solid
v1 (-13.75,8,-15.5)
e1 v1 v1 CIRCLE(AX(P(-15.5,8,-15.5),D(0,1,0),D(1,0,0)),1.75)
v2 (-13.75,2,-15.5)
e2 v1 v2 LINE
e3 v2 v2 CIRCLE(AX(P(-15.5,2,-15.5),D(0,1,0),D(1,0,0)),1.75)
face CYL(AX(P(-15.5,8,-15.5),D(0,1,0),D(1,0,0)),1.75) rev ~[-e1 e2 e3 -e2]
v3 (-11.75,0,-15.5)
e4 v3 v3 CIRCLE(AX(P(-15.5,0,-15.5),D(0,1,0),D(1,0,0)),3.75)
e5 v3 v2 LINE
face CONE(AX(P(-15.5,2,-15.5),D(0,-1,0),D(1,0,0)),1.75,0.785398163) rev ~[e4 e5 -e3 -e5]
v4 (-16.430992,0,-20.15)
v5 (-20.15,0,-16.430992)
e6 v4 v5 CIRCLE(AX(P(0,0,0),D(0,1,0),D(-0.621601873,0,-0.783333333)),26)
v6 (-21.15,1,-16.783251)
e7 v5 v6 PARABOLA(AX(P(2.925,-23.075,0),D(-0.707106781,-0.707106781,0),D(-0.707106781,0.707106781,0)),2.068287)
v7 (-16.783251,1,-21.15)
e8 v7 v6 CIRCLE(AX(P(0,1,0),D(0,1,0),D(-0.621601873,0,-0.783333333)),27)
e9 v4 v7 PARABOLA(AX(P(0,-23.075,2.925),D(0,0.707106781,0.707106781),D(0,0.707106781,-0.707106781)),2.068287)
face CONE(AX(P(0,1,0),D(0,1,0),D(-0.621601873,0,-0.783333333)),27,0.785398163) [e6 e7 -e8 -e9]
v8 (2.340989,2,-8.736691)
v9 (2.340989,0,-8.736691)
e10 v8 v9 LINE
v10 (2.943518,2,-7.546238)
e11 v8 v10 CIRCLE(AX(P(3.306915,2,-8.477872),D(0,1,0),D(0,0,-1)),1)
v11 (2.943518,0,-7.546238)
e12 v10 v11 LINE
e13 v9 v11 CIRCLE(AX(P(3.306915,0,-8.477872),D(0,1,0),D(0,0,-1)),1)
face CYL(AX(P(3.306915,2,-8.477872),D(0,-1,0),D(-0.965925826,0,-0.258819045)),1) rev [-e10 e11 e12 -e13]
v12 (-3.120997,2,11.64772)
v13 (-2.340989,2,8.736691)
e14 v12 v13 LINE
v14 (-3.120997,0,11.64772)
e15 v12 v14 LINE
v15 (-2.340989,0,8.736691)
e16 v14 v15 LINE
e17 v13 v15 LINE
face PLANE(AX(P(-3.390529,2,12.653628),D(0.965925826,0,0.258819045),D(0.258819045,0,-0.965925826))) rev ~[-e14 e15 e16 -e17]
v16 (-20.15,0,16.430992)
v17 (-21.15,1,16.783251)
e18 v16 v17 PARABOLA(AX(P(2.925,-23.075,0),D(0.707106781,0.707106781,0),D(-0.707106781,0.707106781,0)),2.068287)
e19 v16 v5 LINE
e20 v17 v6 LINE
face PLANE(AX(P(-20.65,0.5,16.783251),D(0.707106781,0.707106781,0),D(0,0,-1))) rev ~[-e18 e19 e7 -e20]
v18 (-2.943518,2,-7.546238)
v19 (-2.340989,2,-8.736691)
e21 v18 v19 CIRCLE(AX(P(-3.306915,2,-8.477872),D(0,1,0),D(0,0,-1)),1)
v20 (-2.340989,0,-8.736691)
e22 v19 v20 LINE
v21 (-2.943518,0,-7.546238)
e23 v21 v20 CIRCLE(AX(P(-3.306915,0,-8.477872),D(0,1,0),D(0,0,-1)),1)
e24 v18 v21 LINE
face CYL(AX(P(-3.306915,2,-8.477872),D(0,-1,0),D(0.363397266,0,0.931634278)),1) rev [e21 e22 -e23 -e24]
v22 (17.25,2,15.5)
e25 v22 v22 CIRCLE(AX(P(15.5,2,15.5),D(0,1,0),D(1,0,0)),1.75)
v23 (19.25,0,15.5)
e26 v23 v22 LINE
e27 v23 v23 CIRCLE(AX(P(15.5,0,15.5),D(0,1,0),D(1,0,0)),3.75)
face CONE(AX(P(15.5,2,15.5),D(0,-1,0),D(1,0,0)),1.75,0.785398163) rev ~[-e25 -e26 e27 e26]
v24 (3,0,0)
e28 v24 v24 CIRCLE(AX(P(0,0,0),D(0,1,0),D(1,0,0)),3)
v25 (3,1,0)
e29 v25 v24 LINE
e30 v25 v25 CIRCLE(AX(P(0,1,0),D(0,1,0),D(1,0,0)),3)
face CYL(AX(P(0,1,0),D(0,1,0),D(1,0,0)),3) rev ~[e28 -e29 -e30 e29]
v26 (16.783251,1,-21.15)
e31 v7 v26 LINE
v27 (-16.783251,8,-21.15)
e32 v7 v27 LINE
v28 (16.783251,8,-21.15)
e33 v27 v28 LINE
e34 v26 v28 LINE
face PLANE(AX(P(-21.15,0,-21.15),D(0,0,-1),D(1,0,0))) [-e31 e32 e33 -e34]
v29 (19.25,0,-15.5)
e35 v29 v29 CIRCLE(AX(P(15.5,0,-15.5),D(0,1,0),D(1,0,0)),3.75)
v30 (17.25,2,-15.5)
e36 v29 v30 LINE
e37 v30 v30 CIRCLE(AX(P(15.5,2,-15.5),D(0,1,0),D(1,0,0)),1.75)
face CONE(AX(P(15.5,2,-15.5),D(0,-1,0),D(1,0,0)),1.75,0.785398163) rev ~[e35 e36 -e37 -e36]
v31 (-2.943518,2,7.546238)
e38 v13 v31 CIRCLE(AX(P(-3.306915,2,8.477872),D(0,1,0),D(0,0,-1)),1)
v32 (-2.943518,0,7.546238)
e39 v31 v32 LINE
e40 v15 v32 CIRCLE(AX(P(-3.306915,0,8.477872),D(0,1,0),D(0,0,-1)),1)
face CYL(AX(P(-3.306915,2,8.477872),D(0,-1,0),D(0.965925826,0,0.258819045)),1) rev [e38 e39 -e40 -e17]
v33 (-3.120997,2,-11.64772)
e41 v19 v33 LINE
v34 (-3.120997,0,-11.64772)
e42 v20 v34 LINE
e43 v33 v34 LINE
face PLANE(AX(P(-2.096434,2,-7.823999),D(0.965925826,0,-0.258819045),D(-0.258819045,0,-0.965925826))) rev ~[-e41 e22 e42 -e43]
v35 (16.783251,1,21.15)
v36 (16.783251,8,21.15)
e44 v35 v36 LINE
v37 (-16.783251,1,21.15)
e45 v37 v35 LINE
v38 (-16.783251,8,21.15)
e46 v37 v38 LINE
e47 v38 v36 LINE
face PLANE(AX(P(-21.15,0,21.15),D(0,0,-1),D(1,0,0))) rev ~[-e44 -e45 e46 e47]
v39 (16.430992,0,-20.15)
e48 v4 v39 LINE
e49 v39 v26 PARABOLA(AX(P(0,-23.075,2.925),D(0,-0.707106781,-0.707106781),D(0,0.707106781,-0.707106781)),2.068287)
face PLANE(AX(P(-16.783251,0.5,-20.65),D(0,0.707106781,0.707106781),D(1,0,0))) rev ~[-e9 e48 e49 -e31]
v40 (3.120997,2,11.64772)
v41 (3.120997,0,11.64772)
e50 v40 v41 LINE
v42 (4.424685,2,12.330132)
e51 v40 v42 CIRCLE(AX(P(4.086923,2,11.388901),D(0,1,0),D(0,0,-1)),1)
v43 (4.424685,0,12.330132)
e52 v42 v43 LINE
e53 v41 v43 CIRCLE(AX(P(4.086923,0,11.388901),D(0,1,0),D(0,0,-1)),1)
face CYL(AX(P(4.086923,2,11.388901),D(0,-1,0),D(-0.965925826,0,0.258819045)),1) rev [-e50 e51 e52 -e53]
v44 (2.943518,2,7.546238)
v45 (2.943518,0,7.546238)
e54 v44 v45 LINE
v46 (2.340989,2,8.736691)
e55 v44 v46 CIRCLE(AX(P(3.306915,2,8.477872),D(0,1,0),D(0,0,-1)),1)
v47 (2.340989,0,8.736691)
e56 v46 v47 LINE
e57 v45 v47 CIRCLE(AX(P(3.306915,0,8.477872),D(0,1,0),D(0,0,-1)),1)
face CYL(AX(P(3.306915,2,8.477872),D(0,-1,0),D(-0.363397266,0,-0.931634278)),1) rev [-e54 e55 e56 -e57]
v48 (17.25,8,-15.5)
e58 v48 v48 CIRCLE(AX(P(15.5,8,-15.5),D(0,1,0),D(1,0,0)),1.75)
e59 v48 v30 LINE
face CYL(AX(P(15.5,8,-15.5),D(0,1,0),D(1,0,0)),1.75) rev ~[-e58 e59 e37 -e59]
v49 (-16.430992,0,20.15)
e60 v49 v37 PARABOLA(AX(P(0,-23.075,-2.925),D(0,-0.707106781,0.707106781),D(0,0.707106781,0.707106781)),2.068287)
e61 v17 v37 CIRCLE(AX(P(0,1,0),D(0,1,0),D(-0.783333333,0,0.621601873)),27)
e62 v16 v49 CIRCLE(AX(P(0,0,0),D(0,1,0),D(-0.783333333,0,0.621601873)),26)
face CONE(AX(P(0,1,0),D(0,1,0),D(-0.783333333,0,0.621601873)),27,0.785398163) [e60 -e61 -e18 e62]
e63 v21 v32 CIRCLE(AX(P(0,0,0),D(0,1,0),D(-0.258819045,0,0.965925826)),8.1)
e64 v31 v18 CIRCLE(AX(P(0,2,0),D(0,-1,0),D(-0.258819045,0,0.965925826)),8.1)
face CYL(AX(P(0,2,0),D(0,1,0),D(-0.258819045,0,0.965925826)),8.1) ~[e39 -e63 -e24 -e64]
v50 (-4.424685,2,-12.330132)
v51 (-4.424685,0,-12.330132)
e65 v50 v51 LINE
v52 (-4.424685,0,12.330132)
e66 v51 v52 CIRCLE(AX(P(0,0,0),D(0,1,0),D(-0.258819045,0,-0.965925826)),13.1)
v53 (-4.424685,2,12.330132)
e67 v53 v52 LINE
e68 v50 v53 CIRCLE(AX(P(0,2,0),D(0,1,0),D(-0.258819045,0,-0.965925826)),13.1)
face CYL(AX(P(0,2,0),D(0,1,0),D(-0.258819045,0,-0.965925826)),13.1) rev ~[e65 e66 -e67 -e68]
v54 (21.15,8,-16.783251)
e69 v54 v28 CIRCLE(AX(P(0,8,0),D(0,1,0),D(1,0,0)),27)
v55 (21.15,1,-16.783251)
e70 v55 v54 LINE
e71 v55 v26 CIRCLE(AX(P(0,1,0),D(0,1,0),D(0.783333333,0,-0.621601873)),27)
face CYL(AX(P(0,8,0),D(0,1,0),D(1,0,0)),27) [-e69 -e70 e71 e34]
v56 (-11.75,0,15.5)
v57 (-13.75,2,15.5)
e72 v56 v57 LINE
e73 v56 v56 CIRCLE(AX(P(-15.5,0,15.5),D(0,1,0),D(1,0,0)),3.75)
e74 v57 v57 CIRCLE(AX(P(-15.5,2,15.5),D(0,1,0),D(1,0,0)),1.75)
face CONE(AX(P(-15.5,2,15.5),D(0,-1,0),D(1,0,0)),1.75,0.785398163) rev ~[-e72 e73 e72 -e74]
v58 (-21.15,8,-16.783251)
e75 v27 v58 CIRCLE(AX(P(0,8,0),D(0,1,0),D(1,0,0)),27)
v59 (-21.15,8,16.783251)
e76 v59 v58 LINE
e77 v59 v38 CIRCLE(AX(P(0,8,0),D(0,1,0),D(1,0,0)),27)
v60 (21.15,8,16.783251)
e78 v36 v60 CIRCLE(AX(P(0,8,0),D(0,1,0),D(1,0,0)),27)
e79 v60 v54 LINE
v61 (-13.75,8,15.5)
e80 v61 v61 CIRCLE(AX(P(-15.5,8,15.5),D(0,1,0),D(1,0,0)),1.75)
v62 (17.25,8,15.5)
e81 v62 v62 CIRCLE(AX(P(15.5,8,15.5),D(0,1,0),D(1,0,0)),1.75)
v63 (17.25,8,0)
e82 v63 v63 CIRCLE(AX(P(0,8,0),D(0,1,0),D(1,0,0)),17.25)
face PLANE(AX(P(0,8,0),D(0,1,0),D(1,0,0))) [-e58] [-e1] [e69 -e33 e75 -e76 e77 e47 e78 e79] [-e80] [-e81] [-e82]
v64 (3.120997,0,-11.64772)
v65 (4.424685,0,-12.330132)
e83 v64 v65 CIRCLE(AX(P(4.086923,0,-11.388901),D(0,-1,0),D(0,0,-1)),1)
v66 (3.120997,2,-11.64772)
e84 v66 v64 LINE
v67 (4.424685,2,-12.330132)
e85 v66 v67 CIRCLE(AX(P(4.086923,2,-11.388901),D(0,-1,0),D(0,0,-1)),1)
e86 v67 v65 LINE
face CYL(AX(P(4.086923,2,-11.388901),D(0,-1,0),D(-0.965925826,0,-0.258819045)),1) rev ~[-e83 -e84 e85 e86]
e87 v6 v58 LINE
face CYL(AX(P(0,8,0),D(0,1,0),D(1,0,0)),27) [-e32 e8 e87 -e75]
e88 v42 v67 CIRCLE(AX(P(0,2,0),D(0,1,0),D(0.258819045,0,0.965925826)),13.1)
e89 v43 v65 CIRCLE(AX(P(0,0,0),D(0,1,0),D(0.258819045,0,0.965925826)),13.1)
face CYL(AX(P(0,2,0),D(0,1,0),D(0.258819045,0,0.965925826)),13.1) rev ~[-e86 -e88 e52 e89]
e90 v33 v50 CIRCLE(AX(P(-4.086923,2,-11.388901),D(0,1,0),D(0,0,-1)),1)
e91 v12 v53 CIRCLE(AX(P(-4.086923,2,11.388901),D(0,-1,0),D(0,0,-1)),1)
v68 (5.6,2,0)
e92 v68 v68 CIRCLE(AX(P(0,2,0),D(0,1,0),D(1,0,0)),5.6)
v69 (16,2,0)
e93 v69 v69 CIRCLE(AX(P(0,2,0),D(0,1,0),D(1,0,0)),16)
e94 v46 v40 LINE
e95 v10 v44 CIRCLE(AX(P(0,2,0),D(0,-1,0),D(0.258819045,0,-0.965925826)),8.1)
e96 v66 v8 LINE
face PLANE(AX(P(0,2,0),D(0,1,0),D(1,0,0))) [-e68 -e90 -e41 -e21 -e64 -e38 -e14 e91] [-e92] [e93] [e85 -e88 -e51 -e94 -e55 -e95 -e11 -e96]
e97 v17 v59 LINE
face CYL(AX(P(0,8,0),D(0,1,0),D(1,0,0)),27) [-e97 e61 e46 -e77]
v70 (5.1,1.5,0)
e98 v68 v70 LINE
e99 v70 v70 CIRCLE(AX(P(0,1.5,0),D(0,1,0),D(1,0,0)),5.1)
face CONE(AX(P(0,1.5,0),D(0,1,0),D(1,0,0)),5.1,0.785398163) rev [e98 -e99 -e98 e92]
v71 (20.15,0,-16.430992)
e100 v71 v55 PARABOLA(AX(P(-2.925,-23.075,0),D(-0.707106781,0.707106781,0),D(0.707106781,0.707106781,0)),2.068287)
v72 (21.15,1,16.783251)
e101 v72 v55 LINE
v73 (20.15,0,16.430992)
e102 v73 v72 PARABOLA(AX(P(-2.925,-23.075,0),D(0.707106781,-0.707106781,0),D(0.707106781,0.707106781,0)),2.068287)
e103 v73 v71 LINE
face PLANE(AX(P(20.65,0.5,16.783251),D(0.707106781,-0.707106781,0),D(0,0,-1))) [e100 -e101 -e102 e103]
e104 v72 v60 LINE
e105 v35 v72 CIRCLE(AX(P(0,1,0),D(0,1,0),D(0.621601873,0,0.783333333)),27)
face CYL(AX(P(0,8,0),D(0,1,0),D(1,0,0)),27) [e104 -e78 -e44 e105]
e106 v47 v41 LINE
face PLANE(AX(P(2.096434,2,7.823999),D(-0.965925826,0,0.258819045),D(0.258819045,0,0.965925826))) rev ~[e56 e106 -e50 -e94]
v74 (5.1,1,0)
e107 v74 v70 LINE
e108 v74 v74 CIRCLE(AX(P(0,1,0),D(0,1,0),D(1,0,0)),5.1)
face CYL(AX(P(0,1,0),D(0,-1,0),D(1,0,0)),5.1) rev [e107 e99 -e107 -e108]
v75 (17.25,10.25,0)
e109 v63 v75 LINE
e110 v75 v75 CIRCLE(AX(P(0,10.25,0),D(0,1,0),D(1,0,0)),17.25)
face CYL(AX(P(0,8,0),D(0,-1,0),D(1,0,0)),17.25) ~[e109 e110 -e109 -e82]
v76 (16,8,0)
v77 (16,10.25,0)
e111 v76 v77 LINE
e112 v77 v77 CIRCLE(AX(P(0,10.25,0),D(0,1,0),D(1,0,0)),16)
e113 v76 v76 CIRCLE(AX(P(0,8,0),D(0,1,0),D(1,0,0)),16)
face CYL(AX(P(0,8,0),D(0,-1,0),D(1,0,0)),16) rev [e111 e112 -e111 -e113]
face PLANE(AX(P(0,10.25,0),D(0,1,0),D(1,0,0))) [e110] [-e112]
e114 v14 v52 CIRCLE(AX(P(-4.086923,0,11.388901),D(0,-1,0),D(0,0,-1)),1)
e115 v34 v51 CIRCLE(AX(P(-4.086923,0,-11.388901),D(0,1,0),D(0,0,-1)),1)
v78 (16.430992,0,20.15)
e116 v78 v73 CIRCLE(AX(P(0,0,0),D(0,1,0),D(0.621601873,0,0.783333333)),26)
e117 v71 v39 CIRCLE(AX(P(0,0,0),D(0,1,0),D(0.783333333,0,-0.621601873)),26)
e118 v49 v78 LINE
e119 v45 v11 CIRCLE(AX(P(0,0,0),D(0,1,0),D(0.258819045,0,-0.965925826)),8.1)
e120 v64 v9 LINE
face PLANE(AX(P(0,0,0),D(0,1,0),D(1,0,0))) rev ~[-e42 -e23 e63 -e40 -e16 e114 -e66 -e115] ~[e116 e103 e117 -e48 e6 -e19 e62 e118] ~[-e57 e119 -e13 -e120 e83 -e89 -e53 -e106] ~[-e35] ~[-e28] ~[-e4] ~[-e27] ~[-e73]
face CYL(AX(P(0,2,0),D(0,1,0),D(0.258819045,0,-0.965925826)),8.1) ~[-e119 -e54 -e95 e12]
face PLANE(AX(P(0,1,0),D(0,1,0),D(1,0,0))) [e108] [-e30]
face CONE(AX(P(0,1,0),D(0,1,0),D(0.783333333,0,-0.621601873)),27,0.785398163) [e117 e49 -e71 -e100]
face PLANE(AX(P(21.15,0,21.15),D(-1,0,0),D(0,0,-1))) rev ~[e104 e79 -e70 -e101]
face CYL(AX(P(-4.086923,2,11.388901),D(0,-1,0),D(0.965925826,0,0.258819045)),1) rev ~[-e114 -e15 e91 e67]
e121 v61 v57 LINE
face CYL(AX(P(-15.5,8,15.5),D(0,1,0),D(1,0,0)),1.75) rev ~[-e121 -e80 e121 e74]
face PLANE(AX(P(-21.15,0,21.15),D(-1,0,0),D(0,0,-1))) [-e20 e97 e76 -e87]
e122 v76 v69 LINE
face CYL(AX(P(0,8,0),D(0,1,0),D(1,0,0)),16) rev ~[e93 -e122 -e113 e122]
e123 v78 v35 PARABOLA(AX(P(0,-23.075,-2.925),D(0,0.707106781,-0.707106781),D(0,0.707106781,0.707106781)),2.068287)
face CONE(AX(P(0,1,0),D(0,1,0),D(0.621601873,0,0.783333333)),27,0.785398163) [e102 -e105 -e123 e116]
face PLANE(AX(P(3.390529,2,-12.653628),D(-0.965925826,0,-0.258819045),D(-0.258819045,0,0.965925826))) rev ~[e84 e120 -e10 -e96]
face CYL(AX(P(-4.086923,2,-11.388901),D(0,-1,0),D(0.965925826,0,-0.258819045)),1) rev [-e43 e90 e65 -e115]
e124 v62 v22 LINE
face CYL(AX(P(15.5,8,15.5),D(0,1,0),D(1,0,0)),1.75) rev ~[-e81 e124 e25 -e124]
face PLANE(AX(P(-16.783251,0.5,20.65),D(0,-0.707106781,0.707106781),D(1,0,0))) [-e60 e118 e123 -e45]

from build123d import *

# Parameters (mm, degrees)
SKETCH2_W           = 42.3
SKETCH2_H           = 42.3
BOSS_EXTRUDE1_DEPTH = 8
SKETCH5_R           = 29.910616844
SKETCH5_R_2         = 27
CUT_EXTRUDE4_DEPTH  = 9
SKETCH6_R           = 16
CUT_EXTRUDE7_DEPTH  = 7
SKETCH8_R           = 16
SKETCH8_R_2         = 5.1
BOSS_EXTRUDE3_DEPTH = 1
CUT_EXTRUDE8_DEPTH  = 3
FILLET1_R           = 1
SKETCH10_R          = 3
CUT_EXTRUDE9_DEPTH  = 2
SKETCH7_R           = 1.75
CUT_EXTRUDE6_DEPTH  = 9
CHAMFER4_SIZE       = 1
CHAMFER5_SIZE       = 2
CHAMFER6_SIZE       = 0.5
SKETCH11_R          = 17.25
SKETCH11_R_2        = 16
BOSS_EXTRUDE4_DEPTH = 2.25


with BuildPart() as part:
    # Sketch2 → Boss-Extrude1 (new body)
    with BuildSketch(Plane(origin=(0, 0, 0), x_dir=(1, 0, 0), z_dir=(0, 1, 0))):
        Rectangle(SKETCH2_W, SKETCH2_H)
    extrude(amount=BOSS_EXTRUDE1_DEPTH)

    # Sketch5 → Cut-Extrude4 (cut, through all)
    with BuildSketch(Plane(origin=(0, 8, 0), x_dir=(1, 0, 0), z_dir=(0, 1, 0))):
        Circle(SKETCH5_R)
        Circle(SKETCH5_R_2, mode=Mode.SUBTRACT)
    extrude(amount=-CUT_EXTRUDE4_DEPTH, mode=Mode.SUBTRACT)

    # Sketch6 → Cut-Extrude7 (cut)
    with BuildSketch(Plane(origin=(0, 8, 0), x_dir=(1, 0, 0), z_dir=(0, 1, 0))):
        Circle(SKETCH6_R)
    extrude(amount=-CUT_EXTRUDE7_DEPTH, mode=Mode.SUBTRACT)

    # Sketch8 → Boss-Extrude3 (add)
    with BuildSketch(Plane(origin=(0, 1, 0), x_dir=(1, 0, 0), z_dir=(0, 1, 0))):
        Circle(SKETCH8_R)
        Circle(SKETCH8_R_2, mode=Mode.SUBTRACT)
    extrude(amount=BOSS_EXTRUDE3_DEPTH)

    # Sketch9 → Cut-Extrude8 (cut, through all)
    with BuildSketch(Plane(origin=(0, 2, 0), x_dir=(1, 0, 0), z_dir=(0, 1, 0))):
        with BuildLine():
            Line((3.390529491, 12.653628324), (2.096434265, 7.823999193))
            ThreePointArc((2.096434265, 7.823999193), (8.1, 0), (2.096434265, -7.823999193))
            Line((2.096434265, -7.823999193), (3.390529491, -12.653628324))
            ThreePointArc((3.390529491, -12.653628324), (13.1, 0), (3.390529491, 12.653628324))
        make_face()
        with BuildLine():
            Line((-3.390529491, -12.653628324), (-2.096434265, -7.823999193))
            ThreePointArc((-2.096434265, -7.823999193), (-8.1, 0), (-2.096434265, 7.823999193))
            Line((-2.096434265, 7.823999193), (-3.390529491, 12.653628324))
            ThreePointArc((-3.390529491, 12.653628324), (-13.1, 0), (-3.390529491, -12.653628324))
        make_face()
    extrude(amount=-CUT_EXTRUDE8_DEPTH, mode=Mode.SUBTRACT)

    # Fillet1
    fillet1_edges = [part.edges().sort_by_distance(p)[0] for p in [
        (3.390529491, 1, -12.653628324),
        (3.390529491, 1, 12.653628324),
        (2.096434265, 1, 7.823999193),
        (2.096434265, 1, -7.823999193),
        (-2.096434265, 1, -7.823999193),
        (-2.096434265, 1, 7.823999193),
        (-3.390529491, 1, 12.653628324),
        (-3.390529491, 1, -12.653628324),
    ]]
    fillet(fillet1_edges, radius=FILLET1_R)

    # Sketch10 → Cut-Extrude9 (cut, through all)
    with BuildSketch(Plane(origin=(0, 1, 0), x_dir=(1, 0, 0), z_dir=(0, 1, 0))):
        Circle(SKETCH10_R)
    extrude(amount=-CUT_EXTRUDE9_DEPTH, mode=Mode.SUBTRACT)

    # Sketch7 → Cut-Extrude6 (cut, through all)
    with BuildSketch(Plane(origin=(0, 8, 0), x_dir=(1, 0, 0), z_dir=(0, 1, 0))):
        with Locations((-15.5, 15.5)):
            Circle(SKETCH7_R)
        with Locations((15.5, 15.5)):
            Circle(SKETCH7_R)
        with Locations((15.5, -15.5)):
            Circle(SKETCH7_R)
        with Locations((-15.5, -15.5)):
            Circle(SKETCH7_R)
    extrude(amount=-CUT_EXTRUDE6_DEPTH, mode=Mode.SUBTRACT)

    # Chamfer4
    chamfer4_edges = [part.edges().sort_by_distance(p)[0] for p in [
        (21.15, 0, 0),
        (0, 0, 21.15),
        (-21.15, 0, 0),
        (0, 0, -21.15),
        (-19.091883092, 0, 19.091883092),
        (-19.091883092, 0, -19.091883092),
        (19.091883092, 0, -19.091883092),
        (19.091883092, 0, 19.091883092),
    ]]
    chamfer(chamfer4_edges, length=CHAMFER4_SIZE)

    # Chamfer5
    chamfer5_edges = [part.edges().sort_by_distance(p)[0] for p in [
        (-17.25, 0, 15.5),
        (13.75, 0, 15.5),
        (13.75, 0, -15.5),
        (-17.25, 0, -15.5),
    ]]
    chamfer(chamfer5_edges, length=CHAMFER5_SIZE)

    # Chamfer6
    chamfer6_edges = [part.edges().sort_by_distance(p)[0] for p in [
        (-5.1, 2, 0),
    ]]
    chamfer(chamfer6_edges, length=CHAMFER6_SIZE)

    # Sketch11 → Boss-Extrude4 (add)
    with BuildSketch(Plane(origin=(0, 8, 0), x_dir=(1, 0, 0), z_dir=(0, 1, 0))):
        Circle(SKETCH11_R)
        Circle(SKETCH11_R_2, mode=Mode.SUBTRACT)
    extrude(amount=BOSS_EXTRUDE4_DEPTH)


solid = part.part
